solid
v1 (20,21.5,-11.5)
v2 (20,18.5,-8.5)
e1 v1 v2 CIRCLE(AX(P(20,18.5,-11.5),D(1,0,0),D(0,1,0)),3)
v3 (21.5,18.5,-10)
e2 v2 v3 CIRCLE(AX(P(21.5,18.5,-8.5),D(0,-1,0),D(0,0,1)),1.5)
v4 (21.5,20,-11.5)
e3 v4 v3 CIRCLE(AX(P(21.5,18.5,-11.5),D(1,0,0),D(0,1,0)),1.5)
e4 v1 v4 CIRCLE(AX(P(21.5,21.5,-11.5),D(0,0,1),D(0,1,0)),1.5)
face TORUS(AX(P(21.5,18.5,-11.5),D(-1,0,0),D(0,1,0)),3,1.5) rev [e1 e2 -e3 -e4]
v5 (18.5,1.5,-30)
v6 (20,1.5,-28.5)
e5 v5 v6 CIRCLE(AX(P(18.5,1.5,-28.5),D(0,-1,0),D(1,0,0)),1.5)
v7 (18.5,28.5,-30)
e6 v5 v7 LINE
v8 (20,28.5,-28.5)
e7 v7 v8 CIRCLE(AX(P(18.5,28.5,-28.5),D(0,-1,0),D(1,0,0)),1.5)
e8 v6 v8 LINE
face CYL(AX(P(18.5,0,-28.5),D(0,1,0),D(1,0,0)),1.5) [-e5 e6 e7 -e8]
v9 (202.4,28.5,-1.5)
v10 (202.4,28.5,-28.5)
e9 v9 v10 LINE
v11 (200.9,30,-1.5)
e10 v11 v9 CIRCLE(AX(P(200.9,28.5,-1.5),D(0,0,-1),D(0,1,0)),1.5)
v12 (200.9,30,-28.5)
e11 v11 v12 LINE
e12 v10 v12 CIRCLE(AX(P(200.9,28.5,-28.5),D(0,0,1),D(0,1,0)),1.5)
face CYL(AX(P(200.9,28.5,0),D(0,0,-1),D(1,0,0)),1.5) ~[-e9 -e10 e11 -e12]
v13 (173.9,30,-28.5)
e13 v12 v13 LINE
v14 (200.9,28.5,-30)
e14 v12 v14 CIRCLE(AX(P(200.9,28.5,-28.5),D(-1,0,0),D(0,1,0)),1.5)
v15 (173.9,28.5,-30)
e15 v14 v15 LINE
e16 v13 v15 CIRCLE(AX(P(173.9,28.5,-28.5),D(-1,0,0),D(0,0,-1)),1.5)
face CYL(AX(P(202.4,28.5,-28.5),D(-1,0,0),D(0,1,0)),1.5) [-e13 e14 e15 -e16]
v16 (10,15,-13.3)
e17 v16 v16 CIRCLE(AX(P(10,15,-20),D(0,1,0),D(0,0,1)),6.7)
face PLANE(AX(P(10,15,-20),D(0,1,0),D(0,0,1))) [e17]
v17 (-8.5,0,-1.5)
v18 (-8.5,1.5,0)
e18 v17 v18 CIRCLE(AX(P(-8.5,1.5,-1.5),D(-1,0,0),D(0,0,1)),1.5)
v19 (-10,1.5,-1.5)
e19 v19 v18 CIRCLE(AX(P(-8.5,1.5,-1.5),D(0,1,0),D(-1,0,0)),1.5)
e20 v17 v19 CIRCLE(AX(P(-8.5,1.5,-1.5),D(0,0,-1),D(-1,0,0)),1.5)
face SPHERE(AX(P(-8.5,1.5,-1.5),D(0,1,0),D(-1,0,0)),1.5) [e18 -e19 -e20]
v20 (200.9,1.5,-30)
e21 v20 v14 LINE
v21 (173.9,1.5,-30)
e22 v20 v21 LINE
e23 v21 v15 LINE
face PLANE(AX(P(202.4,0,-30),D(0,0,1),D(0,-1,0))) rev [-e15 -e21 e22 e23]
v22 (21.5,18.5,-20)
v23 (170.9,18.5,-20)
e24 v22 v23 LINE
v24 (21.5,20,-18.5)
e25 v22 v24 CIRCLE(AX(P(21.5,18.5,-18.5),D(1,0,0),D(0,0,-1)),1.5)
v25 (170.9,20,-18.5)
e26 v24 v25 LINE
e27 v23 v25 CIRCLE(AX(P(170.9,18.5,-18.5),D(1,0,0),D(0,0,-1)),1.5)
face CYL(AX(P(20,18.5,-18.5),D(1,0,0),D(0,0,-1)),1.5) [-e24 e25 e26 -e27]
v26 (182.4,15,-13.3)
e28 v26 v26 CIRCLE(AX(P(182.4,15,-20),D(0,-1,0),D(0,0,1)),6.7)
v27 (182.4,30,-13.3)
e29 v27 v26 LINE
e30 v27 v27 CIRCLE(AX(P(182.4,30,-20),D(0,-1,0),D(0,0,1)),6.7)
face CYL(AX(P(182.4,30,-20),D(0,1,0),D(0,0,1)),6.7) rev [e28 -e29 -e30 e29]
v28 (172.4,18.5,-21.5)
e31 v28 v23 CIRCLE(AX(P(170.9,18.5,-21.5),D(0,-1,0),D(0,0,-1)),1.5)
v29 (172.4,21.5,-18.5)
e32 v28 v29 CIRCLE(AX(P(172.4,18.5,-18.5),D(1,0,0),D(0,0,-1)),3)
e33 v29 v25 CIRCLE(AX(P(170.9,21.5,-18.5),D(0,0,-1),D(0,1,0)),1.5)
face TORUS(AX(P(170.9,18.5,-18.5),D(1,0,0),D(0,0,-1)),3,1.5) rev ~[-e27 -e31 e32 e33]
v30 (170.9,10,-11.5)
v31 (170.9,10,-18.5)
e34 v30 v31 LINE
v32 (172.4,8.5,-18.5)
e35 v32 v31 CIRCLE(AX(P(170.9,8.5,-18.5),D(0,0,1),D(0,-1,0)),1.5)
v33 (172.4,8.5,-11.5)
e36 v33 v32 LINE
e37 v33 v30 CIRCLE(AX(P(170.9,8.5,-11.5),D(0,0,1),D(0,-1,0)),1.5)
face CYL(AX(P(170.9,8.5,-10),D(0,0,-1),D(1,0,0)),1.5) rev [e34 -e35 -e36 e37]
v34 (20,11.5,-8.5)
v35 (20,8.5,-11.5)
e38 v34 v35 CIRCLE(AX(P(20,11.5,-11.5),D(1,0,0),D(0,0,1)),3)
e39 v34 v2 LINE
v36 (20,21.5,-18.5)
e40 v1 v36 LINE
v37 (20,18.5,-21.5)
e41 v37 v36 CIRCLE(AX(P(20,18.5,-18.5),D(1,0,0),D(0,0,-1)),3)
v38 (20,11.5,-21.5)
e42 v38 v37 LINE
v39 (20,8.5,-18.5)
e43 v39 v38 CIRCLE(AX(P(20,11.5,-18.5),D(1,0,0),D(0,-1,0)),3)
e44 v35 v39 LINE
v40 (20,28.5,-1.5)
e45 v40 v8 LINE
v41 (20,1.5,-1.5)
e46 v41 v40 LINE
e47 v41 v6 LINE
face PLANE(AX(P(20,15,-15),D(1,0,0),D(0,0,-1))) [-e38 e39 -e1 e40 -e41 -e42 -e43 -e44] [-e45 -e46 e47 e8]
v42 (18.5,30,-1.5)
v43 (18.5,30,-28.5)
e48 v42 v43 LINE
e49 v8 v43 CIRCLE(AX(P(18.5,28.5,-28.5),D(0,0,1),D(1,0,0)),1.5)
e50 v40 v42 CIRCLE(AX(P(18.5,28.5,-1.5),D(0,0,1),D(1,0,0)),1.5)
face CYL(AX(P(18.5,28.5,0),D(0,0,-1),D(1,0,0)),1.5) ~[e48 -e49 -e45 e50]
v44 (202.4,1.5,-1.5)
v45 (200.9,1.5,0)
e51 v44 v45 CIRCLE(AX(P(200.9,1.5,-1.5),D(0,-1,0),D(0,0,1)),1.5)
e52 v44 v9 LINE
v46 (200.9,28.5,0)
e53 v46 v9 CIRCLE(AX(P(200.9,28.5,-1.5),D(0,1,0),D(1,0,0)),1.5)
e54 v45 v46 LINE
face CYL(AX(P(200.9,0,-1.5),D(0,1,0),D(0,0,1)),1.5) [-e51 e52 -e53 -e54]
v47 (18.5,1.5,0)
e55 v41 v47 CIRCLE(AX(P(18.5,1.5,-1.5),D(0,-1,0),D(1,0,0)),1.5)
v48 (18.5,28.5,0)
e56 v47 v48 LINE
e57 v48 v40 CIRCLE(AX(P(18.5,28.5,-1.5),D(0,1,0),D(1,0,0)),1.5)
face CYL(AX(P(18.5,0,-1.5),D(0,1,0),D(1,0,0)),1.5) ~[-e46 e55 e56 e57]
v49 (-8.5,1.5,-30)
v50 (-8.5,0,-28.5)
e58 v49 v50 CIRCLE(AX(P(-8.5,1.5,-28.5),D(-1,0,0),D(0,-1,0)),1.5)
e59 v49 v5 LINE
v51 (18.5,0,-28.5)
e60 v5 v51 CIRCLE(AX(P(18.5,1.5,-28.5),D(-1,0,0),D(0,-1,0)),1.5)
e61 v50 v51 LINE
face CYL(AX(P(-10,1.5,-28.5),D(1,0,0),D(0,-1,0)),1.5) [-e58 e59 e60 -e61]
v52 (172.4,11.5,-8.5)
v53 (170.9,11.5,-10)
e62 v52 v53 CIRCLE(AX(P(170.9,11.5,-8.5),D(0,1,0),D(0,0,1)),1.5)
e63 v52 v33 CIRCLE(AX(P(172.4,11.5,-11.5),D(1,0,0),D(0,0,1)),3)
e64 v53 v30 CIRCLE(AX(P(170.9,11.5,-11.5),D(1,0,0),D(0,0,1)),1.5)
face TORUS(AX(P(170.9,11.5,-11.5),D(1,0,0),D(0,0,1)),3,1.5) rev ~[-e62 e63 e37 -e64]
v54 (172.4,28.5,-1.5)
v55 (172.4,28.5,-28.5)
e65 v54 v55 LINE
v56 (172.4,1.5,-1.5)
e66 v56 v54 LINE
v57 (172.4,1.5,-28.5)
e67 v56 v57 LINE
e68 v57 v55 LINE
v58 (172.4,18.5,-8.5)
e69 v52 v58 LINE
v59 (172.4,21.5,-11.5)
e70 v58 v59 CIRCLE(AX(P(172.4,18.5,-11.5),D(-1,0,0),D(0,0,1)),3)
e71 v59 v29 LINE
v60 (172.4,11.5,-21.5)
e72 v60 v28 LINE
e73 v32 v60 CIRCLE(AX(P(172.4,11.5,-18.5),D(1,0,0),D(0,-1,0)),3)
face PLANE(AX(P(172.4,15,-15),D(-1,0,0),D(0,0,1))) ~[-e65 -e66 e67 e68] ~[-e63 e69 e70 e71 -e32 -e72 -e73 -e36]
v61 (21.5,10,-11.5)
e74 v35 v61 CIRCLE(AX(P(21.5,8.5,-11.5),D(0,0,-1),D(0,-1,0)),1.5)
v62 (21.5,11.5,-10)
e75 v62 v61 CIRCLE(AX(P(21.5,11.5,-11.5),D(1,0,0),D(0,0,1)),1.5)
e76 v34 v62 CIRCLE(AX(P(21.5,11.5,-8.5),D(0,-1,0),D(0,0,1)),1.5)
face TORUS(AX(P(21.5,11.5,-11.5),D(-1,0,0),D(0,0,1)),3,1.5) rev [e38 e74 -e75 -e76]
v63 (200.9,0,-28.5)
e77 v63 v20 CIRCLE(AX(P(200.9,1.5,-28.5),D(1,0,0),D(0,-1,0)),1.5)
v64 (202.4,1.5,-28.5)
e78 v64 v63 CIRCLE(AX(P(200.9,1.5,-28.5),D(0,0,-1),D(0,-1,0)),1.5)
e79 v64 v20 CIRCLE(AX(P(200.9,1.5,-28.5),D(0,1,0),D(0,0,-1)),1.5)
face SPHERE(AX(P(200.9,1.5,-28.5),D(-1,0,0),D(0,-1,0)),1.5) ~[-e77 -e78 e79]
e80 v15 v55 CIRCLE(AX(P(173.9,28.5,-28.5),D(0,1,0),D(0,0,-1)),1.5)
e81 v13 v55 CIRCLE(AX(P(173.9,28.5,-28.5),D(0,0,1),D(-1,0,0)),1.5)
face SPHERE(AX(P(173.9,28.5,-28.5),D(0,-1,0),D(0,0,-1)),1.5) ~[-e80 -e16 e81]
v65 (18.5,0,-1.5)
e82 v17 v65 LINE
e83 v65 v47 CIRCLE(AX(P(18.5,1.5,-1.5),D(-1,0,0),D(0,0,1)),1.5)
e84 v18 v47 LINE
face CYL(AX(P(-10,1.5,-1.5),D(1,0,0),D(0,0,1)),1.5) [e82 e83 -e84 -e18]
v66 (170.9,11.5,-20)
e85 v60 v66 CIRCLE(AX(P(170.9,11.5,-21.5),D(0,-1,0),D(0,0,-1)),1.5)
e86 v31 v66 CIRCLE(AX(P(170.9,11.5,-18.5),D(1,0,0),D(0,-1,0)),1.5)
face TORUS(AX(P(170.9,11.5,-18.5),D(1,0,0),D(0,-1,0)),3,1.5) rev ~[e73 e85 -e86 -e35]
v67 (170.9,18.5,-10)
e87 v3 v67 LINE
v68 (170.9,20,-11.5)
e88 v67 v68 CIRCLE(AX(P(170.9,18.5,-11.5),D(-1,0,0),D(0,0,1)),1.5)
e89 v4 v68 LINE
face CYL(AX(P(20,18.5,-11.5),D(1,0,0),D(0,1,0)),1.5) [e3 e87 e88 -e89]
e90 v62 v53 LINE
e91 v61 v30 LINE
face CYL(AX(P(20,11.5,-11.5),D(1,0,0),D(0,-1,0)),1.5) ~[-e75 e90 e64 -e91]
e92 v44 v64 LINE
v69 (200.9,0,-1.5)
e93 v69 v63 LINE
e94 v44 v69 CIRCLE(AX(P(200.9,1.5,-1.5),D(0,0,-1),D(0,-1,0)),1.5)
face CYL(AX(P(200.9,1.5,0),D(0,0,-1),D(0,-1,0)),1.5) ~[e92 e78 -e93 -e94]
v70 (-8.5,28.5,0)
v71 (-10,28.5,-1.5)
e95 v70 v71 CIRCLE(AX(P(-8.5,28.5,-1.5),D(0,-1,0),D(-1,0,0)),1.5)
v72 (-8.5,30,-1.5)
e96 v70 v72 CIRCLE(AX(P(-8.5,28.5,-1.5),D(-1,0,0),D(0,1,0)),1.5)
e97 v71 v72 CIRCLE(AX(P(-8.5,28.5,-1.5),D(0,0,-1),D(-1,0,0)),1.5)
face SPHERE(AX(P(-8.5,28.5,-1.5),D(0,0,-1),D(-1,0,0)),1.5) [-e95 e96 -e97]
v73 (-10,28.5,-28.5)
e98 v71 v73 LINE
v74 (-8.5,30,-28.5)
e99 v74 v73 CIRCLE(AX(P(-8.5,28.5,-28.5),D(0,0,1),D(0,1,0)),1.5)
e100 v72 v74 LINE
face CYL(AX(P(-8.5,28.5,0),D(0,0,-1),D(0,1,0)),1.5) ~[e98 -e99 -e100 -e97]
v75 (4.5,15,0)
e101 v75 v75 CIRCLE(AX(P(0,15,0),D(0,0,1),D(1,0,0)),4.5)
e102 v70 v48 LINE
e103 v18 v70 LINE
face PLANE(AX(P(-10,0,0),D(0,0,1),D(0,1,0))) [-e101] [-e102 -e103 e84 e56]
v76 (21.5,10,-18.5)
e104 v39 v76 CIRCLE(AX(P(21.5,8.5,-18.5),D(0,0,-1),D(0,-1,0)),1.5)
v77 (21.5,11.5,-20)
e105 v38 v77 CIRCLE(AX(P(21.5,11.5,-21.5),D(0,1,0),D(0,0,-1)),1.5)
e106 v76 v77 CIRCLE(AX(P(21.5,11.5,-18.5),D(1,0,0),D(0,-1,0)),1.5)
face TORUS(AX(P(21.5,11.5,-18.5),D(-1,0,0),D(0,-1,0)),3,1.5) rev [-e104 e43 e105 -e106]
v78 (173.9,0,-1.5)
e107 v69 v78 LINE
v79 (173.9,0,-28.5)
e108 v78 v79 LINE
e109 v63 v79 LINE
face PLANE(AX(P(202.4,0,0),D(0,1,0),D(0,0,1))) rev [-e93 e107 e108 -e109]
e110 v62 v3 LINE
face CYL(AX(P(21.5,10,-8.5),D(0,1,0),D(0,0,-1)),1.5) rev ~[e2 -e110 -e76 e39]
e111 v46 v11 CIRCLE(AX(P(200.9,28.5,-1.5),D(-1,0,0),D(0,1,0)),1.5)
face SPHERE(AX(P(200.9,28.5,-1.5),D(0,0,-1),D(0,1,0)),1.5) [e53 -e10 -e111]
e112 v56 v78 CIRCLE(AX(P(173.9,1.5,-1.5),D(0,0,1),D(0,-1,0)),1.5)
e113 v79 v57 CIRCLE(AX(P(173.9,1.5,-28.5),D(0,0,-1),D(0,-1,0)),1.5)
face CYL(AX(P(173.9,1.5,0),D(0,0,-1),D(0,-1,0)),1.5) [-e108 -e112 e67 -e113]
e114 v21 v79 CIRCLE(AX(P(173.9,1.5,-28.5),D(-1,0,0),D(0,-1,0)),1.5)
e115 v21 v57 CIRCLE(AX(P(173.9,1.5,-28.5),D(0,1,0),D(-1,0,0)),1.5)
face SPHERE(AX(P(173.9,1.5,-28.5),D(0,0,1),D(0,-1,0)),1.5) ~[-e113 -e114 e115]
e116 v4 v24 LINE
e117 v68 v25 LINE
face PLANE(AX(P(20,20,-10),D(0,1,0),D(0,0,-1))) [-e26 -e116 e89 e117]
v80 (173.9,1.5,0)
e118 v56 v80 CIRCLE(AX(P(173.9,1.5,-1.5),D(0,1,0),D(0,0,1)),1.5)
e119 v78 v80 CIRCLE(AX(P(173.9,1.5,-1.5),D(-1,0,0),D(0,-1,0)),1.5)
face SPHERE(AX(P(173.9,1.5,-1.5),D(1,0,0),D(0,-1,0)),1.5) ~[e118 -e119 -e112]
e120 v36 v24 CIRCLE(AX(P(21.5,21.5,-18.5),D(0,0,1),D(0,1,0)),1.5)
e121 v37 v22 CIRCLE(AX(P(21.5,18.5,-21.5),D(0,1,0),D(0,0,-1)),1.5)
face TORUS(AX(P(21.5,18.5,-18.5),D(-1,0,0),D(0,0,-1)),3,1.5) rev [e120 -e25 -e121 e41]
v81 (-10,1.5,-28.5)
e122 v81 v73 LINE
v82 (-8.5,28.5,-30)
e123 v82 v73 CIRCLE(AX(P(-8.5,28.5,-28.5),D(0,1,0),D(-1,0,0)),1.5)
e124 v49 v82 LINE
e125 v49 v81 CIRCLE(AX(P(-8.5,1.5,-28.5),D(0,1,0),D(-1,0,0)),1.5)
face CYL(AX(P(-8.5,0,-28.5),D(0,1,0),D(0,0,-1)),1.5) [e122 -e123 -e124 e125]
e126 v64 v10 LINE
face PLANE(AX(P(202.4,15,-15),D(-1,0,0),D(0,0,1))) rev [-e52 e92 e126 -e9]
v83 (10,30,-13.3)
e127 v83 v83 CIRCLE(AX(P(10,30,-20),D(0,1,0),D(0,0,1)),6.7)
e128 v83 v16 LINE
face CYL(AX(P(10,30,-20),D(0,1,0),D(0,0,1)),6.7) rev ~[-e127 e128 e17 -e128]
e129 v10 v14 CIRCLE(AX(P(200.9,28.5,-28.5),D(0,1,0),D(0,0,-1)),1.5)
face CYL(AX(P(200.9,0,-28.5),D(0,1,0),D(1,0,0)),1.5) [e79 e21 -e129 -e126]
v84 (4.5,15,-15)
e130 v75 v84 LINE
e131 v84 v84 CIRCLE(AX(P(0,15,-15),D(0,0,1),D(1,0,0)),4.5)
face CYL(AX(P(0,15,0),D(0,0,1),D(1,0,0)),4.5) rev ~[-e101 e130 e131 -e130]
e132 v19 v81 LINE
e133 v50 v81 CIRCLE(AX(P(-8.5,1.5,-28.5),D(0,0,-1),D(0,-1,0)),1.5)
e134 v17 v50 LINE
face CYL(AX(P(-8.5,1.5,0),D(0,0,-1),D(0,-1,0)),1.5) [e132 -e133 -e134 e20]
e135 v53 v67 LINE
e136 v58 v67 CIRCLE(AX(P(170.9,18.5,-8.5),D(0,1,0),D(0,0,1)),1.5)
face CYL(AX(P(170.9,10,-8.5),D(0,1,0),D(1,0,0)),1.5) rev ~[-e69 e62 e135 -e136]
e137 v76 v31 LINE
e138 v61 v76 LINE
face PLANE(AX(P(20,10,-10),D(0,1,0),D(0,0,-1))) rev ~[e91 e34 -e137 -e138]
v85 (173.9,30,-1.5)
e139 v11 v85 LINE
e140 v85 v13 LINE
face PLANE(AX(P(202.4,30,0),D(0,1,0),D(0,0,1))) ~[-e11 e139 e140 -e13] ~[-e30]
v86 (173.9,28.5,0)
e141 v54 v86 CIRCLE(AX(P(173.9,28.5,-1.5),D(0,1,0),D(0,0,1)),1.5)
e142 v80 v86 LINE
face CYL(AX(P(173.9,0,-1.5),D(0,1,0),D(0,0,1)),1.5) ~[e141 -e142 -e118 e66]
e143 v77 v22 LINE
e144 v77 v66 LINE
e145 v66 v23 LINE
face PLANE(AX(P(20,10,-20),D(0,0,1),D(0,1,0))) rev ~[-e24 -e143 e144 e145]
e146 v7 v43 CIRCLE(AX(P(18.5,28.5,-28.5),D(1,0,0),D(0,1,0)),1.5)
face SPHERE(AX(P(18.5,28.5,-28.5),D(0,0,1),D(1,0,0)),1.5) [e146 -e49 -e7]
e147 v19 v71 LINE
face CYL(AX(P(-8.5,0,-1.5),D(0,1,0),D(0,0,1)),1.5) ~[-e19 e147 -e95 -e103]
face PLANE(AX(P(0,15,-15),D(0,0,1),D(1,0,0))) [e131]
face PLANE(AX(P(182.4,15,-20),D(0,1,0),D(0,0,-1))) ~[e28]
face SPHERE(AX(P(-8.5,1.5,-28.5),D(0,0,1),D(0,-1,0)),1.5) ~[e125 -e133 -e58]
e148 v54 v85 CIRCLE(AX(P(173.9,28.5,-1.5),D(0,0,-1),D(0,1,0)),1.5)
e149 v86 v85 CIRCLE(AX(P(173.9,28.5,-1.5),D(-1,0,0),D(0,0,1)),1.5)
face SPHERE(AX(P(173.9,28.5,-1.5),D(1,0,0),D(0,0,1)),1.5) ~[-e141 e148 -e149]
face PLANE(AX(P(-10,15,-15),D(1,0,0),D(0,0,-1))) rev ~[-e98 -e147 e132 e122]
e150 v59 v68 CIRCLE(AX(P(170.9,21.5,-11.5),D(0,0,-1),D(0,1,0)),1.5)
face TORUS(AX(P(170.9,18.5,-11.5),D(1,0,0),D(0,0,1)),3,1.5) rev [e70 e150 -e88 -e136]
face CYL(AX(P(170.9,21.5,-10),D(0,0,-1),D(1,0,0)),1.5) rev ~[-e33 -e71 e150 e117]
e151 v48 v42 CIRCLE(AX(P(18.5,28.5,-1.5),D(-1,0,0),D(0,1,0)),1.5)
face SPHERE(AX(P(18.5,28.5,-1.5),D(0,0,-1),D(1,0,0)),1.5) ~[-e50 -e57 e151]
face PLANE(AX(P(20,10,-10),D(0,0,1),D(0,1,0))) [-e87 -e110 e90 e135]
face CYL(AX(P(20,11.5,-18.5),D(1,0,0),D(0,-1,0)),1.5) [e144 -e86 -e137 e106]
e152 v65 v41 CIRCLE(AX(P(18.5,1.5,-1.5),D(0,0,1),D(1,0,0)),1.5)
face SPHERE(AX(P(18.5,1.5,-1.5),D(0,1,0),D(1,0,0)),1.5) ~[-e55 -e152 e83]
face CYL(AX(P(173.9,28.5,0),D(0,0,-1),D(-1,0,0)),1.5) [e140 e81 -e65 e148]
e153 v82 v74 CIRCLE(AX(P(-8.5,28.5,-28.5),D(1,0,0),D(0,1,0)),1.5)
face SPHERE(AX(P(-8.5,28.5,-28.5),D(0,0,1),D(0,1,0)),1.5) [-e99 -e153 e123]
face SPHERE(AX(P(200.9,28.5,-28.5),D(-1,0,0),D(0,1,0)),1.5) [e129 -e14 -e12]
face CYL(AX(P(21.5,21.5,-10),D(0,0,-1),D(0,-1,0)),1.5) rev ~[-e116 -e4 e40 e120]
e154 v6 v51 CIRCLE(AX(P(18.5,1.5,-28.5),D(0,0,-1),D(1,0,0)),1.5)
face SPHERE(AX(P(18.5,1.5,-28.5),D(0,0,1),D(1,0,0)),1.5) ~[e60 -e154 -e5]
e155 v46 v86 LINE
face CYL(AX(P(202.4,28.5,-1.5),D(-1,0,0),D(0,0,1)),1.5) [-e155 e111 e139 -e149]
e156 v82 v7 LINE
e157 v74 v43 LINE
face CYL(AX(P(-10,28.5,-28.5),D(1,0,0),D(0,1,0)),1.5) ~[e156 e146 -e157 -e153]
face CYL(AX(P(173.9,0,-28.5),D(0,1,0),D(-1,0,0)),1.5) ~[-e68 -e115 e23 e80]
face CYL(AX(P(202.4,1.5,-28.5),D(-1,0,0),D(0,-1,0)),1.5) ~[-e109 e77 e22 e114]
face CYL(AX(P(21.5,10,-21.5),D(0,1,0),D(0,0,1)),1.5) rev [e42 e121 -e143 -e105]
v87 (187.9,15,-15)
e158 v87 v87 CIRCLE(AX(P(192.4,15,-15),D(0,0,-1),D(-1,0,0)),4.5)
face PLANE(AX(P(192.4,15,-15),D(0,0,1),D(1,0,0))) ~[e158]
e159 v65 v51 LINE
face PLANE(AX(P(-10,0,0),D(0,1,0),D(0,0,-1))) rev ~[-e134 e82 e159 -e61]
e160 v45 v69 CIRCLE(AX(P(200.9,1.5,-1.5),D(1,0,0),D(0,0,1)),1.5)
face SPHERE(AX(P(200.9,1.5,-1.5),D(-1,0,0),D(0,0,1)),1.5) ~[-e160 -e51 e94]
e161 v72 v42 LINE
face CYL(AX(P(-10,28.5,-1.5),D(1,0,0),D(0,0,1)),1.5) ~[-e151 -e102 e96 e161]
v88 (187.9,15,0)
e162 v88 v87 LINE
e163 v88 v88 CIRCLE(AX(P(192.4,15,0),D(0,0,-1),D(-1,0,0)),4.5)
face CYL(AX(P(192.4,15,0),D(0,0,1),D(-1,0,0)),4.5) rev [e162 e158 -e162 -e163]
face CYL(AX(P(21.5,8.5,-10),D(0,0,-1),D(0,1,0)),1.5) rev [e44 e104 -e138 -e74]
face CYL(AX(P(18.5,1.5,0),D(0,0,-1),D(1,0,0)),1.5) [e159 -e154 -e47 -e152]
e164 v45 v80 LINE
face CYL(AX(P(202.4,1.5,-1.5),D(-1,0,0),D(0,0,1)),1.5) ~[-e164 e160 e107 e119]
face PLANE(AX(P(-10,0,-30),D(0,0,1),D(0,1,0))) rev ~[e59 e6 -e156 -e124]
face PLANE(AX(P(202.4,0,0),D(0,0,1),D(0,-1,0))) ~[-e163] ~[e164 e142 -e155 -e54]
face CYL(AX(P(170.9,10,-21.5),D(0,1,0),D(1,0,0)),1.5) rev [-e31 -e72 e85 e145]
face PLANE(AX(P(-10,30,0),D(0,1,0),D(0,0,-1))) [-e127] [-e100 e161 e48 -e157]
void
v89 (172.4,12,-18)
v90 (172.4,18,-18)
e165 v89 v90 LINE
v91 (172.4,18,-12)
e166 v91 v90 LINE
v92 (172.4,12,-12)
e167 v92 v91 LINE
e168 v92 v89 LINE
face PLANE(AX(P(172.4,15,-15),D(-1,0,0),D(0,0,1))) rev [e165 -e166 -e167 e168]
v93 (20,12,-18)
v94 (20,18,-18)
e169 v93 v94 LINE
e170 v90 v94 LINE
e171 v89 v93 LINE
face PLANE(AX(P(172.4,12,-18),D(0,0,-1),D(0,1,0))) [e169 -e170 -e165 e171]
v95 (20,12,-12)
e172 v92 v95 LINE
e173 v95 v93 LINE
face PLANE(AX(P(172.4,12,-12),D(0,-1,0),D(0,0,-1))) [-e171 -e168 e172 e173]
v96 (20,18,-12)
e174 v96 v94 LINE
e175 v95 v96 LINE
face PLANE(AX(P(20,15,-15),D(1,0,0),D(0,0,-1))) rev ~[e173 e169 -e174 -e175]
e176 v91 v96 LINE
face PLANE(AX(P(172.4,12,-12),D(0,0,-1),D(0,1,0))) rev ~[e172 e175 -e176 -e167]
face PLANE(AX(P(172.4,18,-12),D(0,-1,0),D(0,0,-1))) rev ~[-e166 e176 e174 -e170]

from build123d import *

# Parameters (mm, degrees)
BOSS_EXTRUDE1_START = -10
SKETCH1_W           = 30
SKETCH1_H           = 30
BOSS_EXTRUDE1_DEPTH = 30
SKETCH2_W           = 10
SKETCH2_H           = 10
BOSS_EXTRUDE2_DEPTH = 152.4
SKETCH3_W           = 6
SKETCH3_H           = 6
CUT_EXTRUDE1_DEPTH  = 152.4
SKETCH4_R           = 6.7
CUT_EXTRUDE2_DEPTH  = 15
SKETCH5_R           = 4.5
CUT_EXTRUDE3_DEPTH  = 15
FILLET3_R           = 1.5


with BuildPart() as part:
    # Sketch1 → Boss-Extrude1 (new body)
    with BuildSketch(Plane(origin=(0, 0, 0), x_dir=(0, 0, -1), z_dir=(1, 0, 0)).offset(BOSS_EXTRUDE1_START)):
        with Locations((15, 15)):
            Rectangle(SKETCH1_W, SKETCH1_H)
    boss_extrude1 = extrude(amount=BOSS_EXTRUDE1_DEPTH)

    # Sketch2 → Boss-Extrude2 (add)
    with BuildSketch(Plane(origin=(20, 0, 0), x_dir=(0, 0, -1), z_dir=(1, 0, 0))):
        with Locations((15, 15)):
            Rectangle(SKETCH2_W, SKETCH2_H)
    extrude(amount=BOSS_EXTRUDE2_DEPTH)

    # Sketch3 → Cut-Extrude1 (cut)
    with BuildSketch(Plane(origin=(172.4, 0, 0), x_dir=(0, 0, -1), z_dir=(1, 0, 0))):
        with Locations((15, 15)):
            Rectangle(SKETCH3_W, SKETCH3_H)
    extrude(amount=-CUT_EXTRUDE1_DEPTH, mode=Mode.SUBTRACT)

    # Sketch4 → Cut-Extrude2 (cut)
    with BuildSketch(Plane(origin=(0, 30, 0), x_dir=(1, 0, 0), z_dir=(0, 1, 0))):
        with Locations(Location((10, 20, 0), (0, 0, 270))):
            Circle(SKETCH4_R)
    cut_extrude2 = extrude(amount=-CUT_EXTRUDE2_DEPTH, mode=Mode.SUBTRACT)

    # Sketch5 → Cut-Extrude3 (cut)
    with BuildSketch(Plane.XY):
        with Locations((0, 15)):
            Circle(SKETCH5_R)
    cut_extrude3 = extrude(amount=-CUT_EXTRUDE3_DEPTH, mode=Mode.SUBTRACT)

    # Mirror1: Boss-Extrude1, Cut-Extrude2, Cut-Extrude3 across plane
    add(boss_extrude1.mirror(Plane(origin=(96.2, 0, 0), x_dir=(0, 0, 1), z_dir=(1, 0, 0))))
    add(cut_extrude2.mirror(Plane(origin=(96.2, 0, 0), x_dir=(0, 0, 1), z_dir=(1, 0, 0))), mode=Mode.SUBTRACT)
    add(cut_extrude3.mirror(Plane(origin=(96.2, 0, 0), x_dir=(0, 0, 1), z_dir=(1, 0, 0))), mode=Mode.SUBTRACT)

    # Fillet3
    fillet3_edges = [part.edges().sort_by_distance(p)[0] for p in [
        (20, 30, -15),
        (20, 15, 0),
        (20, 0, -15),
        (-10, 30, -15),
        (20, 15, -30),
        (-10, 15, 0),
        (20, 15, -10),
        (96.2, 20, -10),
        (20, 10, -15),
        (96.2, 10, -10),
        (20, 15, -20),
        (96.2, 10, -20),
        (20, 20, -15),
        (96.2, 20, -20),
        (172.4, 15, -10),
        (172.4, 10, -15),
        (172.4, 15, -20),
        (172.4, 20, -15),
        (-10, 0, -15),
        (187.4, 0, 0),
        (172.4, 0, -15),
        (187.4, 0, -30),
        (172.4, 15, -30),
        (187.4, 30, -30),
        (202.4, 30, -15),
        (187.4, 30, 0),
        (202.4, 15, 0),
        (202.4, 0, -15),
        (202.4, 15, -30),
        (172.4, 15, 0),
        (172.4, 30, -15),
        (5, 0, 0),
        (5, 30, 0),
        (5, 30, -30),
        (5, 0, -30),
        (-10, 15, -30),
    ]]
    fillet(fillet3_edges, radius=FILLET3_R)


solid = part.part
